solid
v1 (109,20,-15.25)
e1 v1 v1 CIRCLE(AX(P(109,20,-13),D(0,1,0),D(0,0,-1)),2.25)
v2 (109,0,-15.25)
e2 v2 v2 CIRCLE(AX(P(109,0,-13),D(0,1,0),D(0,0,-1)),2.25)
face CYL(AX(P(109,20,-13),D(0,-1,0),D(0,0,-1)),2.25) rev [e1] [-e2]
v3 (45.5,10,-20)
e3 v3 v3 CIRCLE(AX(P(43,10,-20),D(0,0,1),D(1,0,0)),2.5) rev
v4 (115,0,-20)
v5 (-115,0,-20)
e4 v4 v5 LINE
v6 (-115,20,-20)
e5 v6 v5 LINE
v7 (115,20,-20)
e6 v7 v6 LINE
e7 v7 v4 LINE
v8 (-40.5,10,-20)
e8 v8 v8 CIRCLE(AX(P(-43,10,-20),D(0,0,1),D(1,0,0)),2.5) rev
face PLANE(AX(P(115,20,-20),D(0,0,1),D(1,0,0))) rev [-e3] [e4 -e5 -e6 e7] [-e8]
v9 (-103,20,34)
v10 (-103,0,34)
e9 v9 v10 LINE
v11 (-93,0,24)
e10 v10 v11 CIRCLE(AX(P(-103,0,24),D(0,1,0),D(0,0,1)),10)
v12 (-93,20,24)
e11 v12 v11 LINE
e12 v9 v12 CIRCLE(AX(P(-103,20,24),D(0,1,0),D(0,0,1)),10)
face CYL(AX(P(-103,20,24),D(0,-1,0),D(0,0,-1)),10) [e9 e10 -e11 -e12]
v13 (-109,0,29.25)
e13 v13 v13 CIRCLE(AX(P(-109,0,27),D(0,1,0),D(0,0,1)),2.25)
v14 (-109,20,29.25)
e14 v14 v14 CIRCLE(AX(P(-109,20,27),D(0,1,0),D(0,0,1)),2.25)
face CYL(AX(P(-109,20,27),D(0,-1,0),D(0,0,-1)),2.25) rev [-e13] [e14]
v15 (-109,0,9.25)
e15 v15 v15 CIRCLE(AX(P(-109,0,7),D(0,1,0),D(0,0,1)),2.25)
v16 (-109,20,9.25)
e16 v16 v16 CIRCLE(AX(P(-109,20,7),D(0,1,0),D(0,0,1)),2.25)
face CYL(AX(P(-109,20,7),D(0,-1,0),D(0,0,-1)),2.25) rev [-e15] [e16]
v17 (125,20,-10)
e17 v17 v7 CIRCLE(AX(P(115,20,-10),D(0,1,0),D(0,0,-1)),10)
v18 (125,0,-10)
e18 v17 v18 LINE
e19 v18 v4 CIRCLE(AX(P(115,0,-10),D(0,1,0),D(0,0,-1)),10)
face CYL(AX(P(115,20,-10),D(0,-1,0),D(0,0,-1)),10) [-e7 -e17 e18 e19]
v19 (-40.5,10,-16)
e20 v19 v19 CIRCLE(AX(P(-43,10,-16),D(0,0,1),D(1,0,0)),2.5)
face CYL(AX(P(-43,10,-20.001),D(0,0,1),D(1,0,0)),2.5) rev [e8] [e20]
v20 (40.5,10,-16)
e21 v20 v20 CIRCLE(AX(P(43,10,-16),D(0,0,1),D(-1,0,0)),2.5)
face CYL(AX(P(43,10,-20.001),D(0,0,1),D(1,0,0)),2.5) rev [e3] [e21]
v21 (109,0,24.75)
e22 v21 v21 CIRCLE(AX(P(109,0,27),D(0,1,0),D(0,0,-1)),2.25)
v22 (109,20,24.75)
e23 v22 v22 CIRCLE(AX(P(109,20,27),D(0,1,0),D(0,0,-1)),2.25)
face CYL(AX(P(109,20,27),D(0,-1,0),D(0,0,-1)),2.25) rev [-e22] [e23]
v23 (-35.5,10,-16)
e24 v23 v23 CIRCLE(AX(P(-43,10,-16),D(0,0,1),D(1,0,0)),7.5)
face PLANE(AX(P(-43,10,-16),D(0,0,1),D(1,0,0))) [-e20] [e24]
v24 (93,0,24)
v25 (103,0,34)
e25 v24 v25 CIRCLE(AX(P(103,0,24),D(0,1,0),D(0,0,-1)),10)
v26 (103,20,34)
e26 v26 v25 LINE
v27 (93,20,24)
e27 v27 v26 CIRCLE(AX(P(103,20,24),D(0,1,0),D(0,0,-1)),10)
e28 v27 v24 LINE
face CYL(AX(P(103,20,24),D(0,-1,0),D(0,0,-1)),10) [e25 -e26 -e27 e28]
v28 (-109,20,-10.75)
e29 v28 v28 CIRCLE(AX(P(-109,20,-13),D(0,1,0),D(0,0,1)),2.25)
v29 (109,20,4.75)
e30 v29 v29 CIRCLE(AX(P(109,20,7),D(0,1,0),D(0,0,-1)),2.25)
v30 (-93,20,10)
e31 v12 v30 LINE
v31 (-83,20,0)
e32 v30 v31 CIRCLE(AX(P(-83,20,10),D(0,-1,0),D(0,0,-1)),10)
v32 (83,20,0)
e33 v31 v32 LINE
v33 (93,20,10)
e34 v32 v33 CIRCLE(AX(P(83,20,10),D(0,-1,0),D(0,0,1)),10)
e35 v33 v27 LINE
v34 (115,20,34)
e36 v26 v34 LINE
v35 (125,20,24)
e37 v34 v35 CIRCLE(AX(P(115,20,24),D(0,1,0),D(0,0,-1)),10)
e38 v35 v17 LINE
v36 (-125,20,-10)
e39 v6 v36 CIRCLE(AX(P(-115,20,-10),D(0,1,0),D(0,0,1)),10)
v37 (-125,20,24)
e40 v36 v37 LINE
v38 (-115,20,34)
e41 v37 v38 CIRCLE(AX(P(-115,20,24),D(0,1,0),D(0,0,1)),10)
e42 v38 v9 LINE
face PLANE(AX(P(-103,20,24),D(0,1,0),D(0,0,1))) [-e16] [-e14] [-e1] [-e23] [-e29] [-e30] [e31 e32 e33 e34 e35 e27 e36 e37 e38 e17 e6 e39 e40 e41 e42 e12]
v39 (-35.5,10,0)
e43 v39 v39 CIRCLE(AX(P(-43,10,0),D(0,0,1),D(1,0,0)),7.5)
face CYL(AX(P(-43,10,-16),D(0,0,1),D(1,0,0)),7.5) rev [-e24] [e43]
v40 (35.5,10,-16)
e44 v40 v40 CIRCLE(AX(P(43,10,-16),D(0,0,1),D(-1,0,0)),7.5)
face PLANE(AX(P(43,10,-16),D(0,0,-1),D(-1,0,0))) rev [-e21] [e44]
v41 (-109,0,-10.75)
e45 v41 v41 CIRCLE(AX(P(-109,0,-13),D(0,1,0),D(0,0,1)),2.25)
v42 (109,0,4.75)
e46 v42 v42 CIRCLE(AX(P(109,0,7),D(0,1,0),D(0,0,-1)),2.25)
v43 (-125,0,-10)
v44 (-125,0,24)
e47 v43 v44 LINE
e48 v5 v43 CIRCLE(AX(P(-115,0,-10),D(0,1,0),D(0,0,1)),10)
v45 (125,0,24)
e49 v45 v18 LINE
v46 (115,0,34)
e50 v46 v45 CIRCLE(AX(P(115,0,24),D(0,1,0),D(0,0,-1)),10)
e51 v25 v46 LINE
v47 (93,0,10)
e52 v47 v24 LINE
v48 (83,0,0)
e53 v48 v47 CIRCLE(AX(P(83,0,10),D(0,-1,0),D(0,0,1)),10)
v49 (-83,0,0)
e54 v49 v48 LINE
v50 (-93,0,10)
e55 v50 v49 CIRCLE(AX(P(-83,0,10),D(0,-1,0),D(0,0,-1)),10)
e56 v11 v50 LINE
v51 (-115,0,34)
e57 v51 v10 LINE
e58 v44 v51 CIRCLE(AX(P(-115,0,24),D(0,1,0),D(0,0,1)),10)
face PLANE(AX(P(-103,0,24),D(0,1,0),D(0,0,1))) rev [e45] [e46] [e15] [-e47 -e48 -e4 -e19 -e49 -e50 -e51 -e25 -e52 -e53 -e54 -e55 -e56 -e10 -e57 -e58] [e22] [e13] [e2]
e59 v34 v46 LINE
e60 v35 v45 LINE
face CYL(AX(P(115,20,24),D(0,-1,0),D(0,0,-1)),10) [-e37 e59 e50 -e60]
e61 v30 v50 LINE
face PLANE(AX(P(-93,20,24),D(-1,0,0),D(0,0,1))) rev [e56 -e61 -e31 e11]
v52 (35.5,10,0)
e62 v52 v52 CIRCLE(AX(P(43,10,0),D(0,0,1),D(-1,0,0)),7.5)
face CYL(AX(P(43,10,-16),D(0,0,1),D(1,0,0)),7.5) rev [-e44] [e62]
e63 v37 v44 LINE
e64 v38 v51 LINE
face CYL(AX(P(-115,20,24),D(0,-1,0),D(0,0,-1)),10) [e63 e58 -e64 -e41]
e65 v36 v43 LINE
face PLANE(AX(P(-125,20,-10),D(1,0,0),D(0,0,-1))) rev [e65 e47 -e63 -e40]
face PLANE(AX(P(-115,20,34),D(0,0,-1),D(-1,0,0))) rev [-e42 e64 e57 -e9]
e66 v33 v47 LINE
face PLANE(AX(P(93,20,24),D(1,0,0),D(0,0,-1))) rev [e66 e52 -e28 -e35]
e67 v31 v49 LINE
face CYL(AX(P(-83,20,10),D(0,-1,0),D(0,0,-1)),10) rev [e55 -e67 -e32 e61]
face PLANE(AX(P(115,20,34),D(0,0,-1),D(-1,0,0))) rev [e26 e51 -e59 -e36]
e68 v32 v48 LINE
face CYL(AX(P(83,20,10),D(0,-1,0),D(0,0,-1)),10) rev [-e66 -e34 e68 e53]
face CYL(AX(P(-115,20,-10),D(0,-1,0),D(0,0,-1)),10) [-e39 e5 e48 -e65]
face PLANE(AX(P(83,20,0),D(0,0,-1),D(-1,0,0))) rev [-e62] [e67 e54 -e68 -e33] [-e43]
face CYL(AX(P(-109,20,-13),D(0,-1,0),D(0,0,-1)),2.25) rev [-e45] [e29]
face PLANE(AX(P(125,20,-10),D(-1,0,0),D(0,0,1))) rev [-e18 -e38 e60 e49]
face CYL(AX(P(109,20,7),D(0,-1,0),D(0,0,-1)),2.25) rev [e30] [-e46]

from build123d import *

# Parameters (mm, degrees)
SKETCH1_R           = 2.25
BOSS_EXTRUDE1_DEPTH = 20
SKETCH6_R           = 7.5
CUT_EXTRUDE1_DEPTH  = 16
CUT_EXTRUDE2_REACH  = 6
SKETCH7_R           = 2.5


with BuildPart() as part:
    # Sketch1 → Boss-Extrude1 (new body)
    with BuildSketch(Plane(origin=(0, 0, 0), x_dir=(1, 0, 0), z_dir=(0, 1, 0))):
        with BuildLine():
            Line((115, 20), (-115, 20))
            ThreePointArc((-115, 20), (-122.071067812, 17.071067812), (-125, 10))
            Line((-125, 10), (-125, -24))
            ThreePointArc((-125, -24), (-122.071067812, -31.071067812), (-115, -34))
            Line((-115, -34), (-103, -34))
            ThreePointArc((-103, -34), (-95.928932188, -31.071067812), (-93, -24))
            Line((-93, -24), (-93, -10))
            ThreePointArc((-93, -10), (-90.071067812, -2.928932188), (-83, 0))
            Line((-83, 0), (-30, 0))
            Line((-30, 0), (30, 0))
            Line((30, 0), (83, 0))
            ThreePointArc((83, 0), (90.071067812, -2.928932188), (93, -10))
            Line((93, -10), (93, -24))
            ThreePointArc((93, -24), (95.928932188, -31.071067812), (103, -34))
            Line((103, -34), (115, -34))
            ThreePointArc((115, -34), (122.071067812, -31.071067812), (125, -24))
            Line((125, -24), (125, 10))
            ThreePointArc((125, 10), (122.071067812, 17.071067812), (115, 20))
        make_face()
        with Locations(Location((-109, 13, 0), (0, 0, 270))):  # turned: the seam where the file's is
            Circle(SKETCH1_R, mode=Mode.SUBTRACT)
        with Locations(Location((-109, -7, 0), (0, 0, 270))):  # turned: the seam where the file's is
            Circle(SKETCH1_R, mode=Mode.SUBTRACT)
        with Locations(Location((-109, -27, 0), (0, 0, 270))):  # turned: the seam where the file's is
            Circle(SKETCH1_R, mode=Mode.SUBTRACT)
        with Locations(Location((109, -27, 0), (0, 0, 90))):  # turned: the seam where the file's is
            Circle(SKETCH1_R, mode=Mode.SUBTRACT)
        with Locations(Location((109, -7, 0), (0, 0, 90))):  # turned: the seam where the file's is
            Circle(SKETCH1_R, mode=Mode.SUBTRACT)
        with Locations(Location((109, 13, 0), (0, 0, 90))):  # turned: the seam where the file's is
            Circle(SKETCH1_R, mode=Mode.SUBTRACT)
    extrude(amount=BOSS_EXTRUDE1_DEPTH)

    # Sketch6 → Cut-Extrude1 (cut)
    with BuildSketch(Plane.XY):
        with Locations((-43, 10)):
            Circle(SKETCH6_R)
        with Locations(Location((43, 10, 0), (0, 0, 180))):  # turned: the seam where the file's is
            Circle(SKETCH6_R)
    extrude(amount=-CUT_EXTRUDE1_DEPTH, mode=Mode.SUBTRACT)

    # Sketch7 → Cut-Extrude2 (cut, up to next)
    with BuildSketch(Plane.XY.offset(-16), mode=Mode.PRIVATE) as cut_extrude2_sk1:
        with Locations((-43, 10)):
            Circle(SKETCH7_R)
    cut_extrude2_tool1 = extrude(cut_extrude2_sk1.sketch, amount=-CUT_EXTRUDE2_REACH, mode=Mode.PRIVATE) & part.part
    add(cut_extrude2_tool1.solids().sort_by_distance((-43, 10, -16))[0], mode=Mode.SUBTRACT)
    # Sketch7 → Cut-Extrude2 (cut, up to next)
    with BuildSketch(Plane.XY.offset(-16), mode=Mode.PRIVATE) as cut_extrude2_sk2:
        with Locations((43, 10)):
            Circle(SKETCH7_R)
    cut_extrude2_tool2 = extrude(cut_extrude2_sk2.sketch, amount=-CUT_EXTRUDE2_REACH, mode=Mode.PRIVATE) & part.part
    add(cut_extrude2_tool2.solids().sort_by_distance((43, 10, -16))[0], mode=Mode.SUBTRACT)


solid = part.part
